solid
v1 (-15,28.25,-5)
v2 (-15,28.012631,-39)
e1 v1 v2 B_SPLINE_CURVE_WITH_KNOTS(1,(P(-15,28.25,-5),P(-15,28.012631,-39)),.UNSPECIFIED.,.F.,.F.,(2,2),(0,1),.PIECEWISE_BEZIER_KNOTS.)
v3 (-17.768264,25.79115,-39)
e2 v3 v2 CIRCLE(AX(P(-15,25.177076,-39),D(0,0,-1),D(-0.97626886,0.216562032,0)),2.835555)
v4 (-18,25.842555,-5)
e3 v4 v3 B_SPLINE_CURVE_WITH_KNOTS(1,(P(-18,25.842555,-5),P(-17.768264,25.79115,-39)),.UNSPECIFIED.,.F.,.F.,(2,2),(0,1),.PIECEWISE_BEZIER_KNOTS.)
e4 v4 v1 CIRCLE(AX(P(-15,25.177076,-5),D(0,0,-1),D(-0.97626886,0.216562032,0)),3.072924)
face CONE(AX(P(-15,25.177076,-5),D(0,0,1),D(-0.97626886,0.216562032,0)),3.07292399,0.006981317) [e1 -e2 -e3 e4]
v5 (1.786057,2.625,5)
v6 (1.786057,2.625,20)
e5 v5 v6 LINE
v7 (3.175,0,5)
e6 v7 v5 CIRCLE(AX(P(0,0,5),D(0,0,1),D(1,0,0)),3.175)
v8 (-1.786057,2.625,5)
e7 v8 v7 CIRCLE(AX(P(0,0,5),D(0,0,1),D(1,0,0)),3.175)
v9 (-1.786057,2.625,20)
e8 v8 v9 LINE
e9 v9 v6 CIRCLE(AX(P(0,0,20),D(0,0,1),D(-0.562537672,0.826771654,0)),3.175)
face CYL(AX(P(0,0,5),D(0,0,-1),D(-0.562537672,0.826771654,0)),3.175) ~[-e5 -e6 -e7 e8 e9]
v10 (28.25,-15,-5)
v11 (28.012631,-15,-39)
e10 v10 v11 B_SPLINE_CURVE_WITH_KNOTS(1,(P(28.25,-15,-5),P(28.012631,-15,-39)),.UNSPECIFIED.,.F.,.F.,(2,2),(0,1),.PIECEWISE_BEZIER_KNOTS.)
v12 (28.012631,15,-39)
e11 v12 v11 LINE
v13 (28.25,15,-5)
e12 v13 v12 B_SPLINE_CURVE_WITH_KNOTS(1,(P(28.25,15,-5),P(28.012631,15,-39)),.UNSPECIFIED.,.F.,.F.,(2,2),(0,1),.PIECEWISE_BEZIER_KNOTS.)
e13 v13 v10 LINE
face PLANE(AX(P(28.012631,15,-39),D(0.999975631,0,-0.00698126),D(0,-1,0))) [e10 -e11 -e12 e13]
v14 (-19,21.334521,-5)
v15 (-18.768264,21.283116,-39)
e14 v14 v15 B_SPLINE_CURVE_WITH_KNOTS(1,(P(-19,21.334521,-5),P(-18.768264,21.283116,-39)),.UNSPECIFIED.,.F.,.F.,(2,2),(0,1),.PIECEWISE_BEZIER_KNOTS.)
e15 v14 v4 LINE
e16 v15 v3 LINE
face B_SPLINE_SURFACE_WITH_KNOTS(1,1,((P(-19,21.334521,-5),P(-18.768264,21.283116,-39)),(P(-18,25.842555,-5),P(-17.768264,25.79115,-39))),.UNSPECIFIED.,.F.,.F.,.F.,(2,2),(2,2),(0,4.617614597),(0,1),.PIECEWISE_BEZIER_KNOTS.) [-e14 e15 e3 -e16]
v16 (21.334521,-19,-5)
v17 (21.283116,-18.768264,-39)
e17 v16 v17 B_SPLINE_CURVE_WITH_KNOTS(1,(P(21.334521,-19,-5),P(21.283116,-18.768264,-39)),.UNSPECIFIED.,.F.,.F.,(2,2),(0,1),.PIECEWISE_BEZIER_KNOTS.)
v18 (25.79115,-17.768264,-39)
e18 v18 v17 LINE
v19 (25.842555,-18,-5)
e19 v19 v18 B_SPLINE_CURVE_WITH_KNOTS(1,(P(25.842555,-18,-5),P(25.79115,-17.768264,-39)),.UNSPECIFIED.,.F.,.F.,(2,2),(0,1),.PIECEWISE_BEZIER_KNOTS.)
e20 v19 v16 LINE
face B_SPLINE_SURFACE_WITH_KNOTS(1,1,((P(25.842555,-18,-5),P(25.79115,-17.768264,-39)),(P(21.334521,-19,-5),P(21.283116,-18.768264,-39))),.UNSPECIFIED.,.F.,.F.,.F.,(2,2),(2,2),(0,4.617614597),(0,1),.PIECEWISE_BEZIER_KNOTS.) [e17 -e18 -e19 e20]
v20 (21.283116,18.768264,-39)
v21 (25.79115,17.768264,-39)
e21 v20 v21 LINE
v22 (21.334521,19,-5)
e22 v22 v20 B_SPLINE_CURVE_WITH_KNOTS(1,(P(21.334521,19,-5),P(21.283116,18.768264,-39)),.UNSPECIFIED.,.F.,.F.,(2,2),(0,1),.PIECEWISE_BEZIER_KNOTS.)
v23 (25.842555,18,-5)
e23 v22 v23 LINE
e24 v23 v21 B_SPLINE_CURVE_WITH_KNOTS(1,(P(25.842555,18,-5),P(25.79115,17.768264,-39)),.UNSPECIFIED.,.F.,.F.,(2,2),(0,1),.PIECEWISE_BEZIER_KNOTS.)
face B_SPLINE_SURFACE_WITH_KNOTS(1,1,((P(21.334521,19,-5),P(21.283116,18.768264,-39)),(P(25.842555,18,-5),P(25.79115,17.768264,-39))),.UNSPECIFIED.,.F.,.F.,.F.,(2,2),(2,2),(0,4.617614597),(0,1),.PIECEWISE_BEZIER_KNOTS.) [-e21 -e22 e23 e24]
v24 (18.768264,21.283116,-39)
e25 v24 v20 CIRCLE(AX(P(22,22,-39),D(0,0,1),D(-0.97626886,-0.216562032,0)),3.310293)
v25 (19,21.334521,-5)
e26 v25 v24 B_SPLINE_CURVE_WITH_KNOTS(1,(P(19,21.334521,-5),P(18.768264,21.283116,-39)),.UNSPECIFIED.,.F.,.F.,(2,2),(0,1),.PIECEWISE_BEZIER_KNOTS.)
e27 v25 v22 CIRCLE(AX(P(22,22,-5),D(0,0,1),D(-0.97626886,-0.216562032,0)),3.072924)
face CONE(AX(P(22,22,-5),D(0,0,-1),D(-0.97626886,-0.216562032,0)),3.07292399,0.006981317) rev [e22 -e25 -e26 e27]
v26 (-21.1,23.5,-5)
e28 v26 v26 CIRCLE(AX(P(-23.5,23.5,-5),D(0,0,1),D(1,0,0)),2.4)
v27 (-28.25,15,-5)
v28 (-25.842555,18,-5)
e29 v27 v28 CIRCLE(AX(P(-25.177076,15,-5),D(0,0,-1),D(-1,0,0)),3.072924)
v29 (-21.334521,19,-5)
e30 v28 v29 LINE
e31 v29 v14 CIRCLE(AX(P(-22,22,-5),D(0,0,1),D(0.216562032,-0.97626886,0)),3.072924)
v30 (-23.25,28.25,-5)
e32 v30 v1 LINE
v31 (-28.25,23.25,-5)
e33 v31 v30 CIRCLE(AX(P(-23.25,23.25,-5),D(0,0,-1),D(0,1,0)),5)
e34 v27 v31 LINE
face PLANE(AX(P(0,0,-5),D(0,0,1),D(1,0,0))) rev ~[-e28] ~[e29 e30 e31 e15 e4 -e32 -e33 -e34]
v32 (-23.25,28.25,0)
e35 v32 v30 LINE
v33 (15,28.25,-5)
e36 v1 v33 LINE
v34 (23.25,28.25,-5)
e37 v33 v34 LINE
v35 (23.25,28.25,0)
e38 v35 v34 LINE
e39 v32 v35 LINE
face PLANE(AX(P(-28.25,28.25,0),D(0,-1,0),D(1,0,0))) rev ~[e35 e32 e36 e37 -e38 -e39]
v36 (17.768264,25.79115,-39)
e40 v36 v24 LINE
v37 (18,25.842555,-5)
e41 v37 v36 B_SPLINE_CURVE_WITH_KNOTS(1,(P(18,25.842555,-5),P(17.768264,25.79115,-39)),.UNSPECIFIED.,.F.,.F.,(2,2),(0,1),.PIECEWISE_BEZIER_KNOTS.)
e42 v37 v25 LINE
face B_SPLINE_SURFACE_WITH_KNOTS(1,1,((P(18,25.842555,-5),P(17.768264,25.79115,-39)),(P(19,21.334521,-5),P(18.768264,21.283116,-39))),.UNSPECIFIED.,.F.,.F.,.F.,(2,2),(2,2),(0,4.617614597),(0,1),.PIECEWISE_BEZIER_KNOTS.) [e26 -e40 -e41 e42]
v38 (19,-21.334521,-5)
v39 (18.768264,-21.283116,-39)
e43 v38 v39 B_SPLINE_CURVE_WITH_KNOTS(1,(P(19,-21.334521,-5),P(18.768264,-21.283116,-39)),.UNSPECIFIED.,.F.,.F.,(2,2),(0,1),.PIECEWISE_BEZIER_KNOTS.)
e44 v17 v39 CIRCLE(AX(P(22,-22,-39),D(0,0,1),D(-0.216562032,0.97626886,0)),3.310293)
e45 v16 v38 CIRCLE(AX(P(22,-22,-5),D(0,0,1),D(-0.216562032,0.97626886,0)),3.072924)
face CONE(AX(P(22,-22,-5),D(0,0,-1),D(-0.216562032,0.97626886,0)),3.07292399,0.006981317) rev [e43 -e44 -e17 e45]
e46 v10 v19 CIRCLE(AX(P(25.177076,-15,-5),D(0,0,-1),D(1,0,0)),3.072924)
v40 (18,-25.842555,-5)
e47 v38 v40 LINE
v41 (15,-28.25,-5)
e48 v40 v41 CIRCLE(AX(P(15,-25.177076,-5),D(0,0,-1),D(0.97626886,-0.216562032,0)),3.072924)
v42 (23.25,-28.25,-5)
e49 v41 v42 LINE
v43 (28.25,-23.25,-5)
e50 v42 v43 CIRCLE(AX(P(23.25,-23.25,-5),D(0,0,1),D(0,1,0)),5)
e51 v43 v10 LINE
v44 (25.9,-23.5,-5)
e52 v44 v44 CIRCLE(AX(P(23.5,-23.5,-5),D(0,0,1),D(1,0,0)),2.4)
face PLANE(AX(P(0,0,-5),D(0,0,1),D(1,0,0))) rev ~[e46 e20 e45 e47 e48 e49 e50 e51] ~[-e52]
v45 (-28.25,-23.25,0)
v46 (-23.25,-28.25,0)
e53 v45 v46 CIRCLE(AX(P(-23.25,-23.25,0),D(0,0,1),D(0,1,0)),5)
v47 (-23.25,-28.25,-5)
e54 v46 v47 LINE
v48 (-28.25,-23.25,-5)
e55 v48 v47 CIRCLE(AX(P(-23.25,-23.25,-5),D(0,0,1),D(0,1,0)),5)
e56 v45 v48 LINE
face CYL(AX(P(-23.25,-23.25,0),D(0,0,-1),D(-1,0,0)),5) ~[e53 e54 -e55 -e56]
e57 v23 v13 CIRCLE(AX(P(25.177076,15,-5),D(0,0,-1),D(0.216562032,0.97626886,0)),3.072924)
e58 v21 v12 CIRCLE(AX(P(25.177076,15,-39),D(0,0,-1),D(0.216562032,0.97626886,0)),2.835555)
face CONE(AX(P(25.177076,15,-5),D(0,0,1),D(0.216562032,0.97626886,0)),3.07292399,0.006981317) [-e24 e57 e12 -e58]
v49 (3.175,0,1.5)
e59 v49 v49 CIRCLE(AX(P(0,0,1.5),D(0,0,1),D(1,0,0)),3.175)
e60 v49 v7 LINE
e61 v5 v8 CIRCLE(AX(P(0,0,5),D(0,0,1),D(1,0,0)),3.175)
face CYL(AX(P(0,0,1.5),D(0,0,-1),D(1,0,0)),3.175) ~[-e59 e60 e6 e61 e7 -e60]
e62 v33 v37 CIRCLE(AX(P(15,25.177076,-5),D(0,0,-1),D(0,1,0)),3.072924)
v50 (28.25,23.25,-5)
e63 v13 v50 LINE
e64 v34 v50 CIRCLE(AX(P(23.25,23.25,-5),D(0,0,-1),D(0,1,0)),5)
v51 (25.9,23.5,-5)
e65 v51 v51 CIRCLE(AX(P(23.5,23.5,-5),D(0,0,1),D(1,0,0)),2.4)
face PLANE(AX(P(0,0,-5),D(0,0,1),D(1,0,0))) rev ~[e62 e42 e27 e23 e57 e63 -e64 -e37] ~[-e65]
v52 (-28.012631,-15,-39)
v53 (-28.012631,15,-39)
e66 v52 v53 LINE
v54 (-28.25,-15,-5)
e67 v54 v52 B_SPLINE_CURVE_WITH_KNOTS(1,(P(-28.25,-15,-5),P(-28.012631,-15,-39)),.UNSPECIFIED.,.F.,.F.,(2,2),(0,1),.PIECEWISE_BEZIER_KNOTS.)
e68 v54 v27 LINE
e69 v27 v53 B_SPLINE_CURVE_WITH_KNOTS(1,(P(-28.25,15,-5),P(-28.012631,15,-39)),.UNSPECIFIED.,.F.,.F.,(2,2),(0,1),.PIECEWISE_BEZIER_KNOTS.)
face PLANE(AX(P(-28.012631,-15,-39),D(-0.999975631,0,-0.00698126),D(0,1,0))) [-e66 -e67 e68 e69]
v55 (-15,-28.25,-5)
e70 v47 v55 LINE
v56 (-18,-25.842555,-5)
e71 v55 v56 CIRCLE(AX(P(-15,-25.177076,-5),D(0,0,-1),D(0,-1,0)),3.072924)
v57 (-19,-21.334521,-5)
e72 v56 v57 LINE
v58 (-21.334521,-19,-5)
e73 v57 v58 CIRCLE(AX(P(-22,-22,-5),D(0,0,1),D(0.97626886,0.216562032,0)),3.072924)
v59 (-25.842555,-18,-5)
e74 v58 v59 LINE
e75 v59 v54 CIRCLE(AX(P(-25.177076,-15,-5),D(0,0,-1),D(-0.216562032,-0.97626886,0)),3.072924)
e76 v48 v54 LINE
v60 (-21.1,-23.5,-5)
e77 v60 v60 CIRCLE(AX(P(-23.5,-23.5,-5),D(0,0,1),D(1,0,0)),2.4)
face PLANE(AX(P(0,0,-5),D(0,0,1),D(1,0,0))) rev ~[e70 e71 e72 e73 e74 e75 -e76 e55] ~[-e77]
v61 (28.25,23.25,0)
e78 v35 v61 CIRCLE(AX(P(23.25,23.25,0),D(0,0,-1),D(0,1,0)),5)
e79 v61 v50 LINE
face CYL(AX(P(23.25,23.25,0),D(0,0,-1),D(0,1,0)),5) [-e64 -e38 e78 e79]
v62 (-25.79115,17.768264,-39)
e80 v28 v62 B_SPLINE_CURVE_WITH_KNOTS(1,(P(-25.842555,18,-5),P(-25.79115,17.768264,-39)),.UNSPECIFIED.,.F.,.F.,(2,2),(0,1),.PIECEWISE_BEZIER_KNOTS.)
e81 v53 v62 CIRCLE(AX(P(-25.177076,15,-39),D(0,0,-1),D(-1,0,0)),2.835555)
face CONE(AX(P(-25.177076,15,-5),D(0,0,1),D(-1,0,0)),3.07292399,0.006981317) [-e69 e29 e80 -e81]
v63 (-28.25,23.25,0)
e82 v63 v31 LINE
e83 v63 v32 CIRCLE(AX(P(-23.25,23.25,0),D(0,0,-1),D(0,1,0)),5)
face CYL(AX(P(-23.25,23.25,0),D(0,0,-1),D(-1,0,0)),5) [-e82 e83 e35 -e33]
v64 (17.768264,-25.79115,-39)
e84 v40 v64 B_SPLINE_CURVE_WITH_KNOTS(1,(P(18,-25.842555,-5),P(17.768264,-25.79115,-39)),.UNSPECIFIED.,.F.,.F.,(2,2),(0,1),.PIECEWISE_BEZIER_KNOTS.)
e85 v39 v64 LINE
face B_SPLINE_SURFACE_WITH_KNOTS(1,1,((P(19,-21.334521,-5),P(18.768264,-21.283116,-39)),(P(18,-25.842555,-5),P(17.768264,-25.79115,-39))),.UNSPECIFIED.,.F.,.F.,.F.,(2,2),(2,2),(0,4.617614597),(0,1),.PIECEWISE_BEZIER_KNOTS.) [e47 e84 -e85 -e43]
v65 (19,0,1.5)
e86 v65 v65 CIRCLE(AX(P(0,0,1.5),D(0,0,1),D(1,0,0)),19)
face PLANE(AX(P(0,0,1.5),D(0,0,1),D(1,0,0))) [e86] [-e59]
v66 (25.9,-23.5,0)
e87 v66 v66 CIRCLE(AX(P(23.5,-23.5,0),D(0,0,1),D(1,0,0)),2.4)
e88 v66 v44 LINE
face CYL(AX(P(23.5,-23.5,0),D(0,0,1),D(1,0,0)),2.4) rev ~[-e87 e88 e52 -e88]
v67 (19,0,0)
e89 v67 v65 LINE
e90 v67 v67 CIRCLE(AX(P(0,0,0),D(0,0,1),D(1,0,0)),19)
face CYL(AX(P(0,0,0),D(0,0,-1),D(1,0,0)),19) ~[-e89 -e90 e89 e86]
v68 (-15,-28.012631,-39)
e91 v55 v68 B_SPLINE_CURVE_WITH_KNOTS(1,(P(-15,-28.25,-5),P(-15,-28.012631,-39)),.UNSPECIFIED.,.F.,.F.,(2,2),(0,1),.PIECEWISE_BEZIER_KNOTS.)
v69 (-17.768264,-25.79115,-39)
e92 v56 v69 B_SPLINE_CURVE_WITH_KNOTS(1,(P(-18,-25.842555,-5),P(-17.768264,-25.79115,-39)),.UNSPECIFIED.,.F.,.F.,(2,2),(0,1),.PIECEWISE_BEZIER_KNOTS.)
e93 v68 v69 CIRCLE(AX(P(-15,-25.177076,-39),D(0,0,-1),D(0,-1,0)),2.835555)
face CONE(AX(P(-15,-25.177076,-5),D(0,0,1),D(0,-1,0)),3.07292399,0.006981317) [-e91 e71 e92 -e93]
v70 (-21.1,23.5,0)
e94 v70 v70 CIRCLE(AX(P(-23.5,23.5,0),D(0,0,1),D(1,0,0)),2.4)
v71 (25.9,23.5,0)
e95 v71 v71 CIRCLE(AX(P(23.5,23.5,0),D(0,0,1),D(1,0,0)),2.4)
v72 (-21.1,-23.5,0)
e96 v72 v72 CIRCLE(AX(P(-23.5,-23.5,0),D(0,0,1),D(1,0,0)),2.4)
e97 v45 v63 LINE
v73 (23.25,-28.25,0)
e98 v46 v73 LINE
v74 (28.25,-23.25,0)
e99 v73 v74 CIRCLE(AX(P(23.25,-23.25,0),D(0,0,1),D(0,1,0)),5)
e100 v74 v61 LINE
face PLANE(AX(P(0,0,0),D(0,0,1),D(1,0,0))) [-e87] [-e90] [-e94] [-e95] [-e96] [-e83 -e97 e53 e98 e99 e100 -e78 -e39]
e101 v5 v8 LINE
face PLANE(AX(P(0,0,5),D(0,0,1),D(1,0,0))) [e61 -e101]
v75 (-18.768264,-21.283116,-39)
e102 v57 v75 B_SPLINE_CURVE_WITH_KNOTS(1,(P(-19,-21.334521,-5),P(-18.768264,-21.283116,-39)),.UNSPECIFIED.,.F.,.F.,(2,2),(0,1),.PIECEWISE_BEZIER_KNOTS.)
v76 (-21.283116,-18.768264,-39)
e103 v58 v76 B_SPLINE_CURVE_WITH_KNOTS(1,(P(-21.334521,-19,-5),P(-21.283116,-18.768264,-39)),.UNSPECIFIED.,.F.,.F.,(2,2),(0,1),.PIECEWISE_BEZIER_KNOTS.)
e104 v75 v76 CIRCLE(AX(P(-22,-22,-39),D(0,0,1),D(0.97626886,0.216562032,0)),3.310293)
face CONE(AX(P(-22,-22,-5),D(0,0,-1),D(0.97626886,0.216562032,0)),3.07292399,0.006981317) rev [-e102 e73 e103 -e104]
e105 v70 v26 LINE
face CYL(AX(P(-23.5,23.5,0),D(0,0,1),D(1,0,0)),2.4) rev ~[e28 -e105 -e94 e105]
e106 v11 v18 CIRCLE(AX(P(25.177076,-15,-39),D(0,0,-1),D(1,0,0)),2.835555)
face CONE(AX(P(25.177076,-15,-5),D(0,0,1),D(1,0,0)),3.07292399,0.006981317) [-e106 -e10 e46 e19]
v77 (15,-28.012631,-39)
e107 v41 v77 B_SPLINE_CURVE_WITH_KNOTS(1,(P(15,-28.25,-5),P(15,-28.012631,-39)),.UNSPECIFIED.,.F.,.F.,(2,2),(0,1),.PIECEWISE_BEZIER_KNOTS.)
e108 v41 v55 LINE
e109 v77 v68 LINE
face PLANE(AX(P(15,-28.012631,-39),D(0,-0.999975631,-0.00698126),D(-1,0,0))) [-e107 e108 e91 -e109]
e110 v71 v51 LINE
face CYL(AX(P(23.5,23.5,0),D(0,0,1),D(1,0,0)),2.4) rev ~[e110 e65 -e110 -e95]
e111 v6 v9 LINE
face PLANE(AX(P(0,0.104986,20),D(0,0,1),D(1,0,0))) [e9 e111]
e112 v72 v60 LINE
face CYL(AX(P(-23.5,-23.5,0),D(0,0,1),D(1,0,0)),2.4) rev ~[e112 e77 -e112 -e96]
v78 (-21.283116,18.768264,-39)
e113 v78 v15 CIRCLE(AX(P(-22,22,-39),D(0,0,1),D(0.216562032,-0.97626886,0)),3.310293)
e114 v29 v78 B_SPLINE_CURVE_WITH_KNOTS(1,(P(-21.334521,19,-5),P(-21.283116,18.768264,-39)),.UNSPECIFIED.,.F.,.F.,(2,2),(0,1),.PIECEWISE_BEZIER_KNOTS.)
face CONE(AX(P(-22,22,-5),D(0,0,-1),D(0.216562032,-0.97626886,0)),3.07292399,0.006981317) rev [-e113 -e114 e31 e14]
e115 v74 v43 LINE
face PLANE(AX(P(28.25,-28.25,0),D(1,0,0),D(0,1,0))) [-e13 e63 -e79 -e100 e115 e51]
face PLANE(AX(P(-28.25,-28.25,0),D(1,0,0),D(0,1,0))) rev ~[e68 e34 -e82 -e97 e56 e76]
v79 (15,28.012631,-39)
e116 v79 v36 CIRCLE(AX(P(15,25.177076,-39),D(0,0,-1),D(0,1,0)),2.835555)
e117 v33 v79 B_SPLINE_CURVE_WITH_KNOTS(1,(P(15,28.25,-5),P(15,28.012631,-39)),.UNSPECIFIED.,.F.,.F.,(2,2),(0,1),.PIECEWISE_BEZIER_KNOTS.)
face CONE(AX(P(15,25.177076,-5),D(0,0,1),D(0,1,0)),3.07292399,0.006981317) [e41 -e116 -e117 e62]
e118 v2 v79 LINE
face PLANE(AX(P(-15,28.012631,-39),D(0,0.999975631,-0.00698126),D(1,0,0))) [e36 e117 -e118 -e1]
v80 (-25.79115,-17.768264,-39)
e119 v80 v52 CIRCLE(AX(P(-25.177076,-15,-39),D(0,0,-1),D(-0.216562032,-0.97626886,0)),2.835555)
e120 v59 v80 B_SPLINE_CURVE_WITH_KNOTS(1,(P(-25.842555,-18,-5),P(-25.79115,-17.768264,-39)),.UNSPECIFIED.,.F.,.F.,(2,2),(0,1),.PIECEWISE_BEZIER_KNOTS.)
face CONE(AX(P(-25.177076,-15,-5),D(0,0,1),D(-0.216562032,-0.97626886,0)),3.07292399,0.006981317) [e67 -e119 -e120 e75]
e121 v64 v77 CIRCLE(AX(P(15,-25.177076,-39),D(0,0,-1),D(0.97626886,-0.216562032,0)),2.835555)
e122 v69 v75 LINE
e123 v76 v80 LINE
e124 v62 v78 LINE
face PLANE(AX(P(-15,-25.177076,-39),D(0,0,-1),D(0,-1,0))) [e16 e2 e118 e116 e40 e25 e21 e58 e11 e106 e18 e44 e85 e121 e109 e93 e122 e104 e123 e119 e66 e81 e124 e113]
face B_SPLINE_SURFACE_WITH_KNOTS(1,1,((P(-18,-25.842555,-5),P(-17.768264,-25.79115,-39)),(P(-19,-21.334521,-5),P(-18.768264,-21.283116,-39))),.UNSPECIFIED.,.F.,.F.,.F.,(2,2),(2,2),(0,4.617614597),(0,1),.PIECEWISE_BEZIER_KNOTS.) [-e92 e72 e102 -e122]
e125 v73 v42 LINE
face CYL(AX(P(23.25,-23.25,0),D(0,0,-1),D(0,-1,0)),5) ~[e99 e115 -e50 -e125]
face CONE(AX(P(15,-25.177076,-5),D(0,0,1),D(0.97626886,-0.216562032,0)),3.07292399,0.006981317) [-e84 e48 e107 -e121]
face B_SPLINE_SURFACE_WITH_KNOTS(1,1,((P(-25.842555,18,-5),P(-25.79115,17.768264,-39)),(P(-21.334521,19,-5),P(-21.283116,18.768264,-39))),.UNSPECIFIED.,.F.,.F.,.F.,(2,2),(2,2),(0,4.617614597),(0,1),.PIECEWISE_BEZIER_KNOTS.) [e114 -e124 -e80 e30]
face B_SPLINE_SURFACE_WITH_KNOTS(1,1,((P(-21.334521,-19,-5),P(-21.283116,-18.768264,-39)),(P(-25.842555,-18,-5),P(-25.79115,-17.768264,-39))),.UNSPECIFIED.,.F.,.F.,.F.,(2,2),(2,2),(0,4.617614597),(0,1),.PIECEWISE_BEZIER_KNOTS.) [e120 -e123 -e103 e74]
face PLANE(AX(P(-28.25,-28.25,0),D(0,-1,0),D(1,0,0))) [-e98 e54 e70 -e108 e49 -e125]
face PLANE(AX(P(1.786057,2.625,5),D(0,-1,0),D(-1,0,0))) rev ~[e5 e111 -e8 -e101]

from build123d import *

# Parameters (mm, degrees)
F0_W      = 56.5
F0_H      = 56.5
F1_DEPTH  = 5
F3_DEPTH  = 34
F3_TAPER  = 0.4
F4_R      = 2.4
F5_DEPTH  = 5
F6_R      = 5
F7_R      = 19
F8_DEPTH  = 1.5
F9_R      = 3.175
F10_DEPTH = 3.5
F12_DEPTH = 15


with BuildPart() as f1:
    # F0 (on Top) → F1 (new body)
    with BuildSketch(Plane.XY):
        Rectangle(F0_W, F0_H)
    extrude(amount=-F1_DEPTH)

    # F2 (on face) → F3 (join)
    with BuildSketch(Plane(origin=(0, 0, -5), x_dir=(1, 0, 0), z_dir=(0, 0, -1))):
        with BuildLine():
            Line((15, 28.25), (0, 28.25))
            Line((0, 28.25), (-15, 28.25))
            ThreePointArc((-15, 28.25), (-16.9232649975, 27.5737223332), (-18, 25.842554673))
            Line((-18, 25.842554673), (-19, 21.3345213365))
            ThreePointArc((-19, 21.3345213365), (-19.8271146082, 19.8271146082), (-21.3345213365, 19))
            Line((-21.3345213365, 19), (-25.842554673, 18))
            ThreePointArc((-25.842554673, 18), (-27.5737223332, 16.9232649975), (-28.25, 15))
            Line((-28.25, 15), (-28.25, 0))
            Line((-28.25, 0), (-28.25, -15))
            ThreePointArc((-28.25, -15), (-27.5737223332, -16.9232649975), (-25.842554673, -18))
            Line((-25.842554673, -18), (-21.3345213365, -19))
            ThreePointArc((-21.3345213365, -19), (-19.8271146082, -19.8271146082), (-19, -21.3345213365))
            Line((-19, -21.3345213365), (-18, -25.842554673))
            ThreePointArc((-18, -25.842554673), (-16.9232649975, -27.5737223332), (-15, -28.25))
            Line((-15, -28.25), (0, -28.25))
            Line((0, -28.25), (15, -28.25))
            ThreePointArc((15, -28.25), (16.9232649975, -27.5737223332), (18, -25.842554673))
            Line((18, -25.842554673), (19, -21.3345213365))
            ThreePointArc((19, -21.3345213365), (19.8271146082, -19.8271146082), (21.3345213365, -19))
            Line((21.3345213365, -19), (25.842554673, -18))
            ThreePointArc((25.842554673, -18), (27.5737223332, -16.9232649975), (28.25, -15))
            Line((28.25, -15), (28.25, 0))
            Line((28.25, 0), (28.25, 15))
            ThreePointArc((28.25, 15), (27.5737223332, 16.9232649975), (25.842554673, 18))
            Line((25.842554673, 18), (21.3345213365, 19))
            ThreePointArc((21.3345213365, 19), (19.8271146082, 19.8271146082), (19, 21.3345213365))
            Line((19, 21.3345213365), (18, 25.842554673))
            ThreePointArc((18, 25.842554673), (16.9232649975, 27.5737223332), (15, 28.25))
        make_face()
    extrude(amount=F3_DEPTH, taper=F3_TAPER)

    # F4 (on face) → F5 (cut, through all)
    with BuildSketch(Plane.XY):
        with Locations((-23.5, 23.5)):
            Circle(F4_R)
        with Locations((23.5, 23.5)):
            Circle(F4_R)
        with Locations((-23.5, -23.5)):
            Circle(F4_R)
        with Locations((23.5, -23.5)):
            Circle(F4_R)
    extrude(amount=-F5_DEPTH, mode=Mode.SUBTRACT)

    # F6
    f6_edges = [f1.edges().sort_by_distance(p)[0] for p in [
        (28.25, 28.25, -2.5),
        (-28.25, 28.25, -2.5),
        (-28.25, -28.25, -2.5),
        (28.25, -28.25, -2.5),
    ]]
    fillet(f6_edges, radius=F6_R)

    # F7 (on face) → F8 (join)
    with BuildSketch(Plane.XY):
        Circle(F7_R)
    extrude(amount=F8_DEPTH)

    # F9 (on face) → F10 (join)
    with BuildSketch(Plane.XY.offset(1.5)):
        Circle(F9_R)
    extrude(amount=F10_DEPTH)

    # F11 (on face) → F12 (join)
    with BuildSketch(Plane.XY.offset(5)):
        with BuildLine():
            Line((1.7860571099, 2.625), (-1.7860571099, 2.625))
            ThreePointArc((-1.7860571099, 2.625), (0, -3.175), (1.7860571099, 2.625))
        make_face()
    extrude(amount=F12_DEPTH)


solid = f1.part
